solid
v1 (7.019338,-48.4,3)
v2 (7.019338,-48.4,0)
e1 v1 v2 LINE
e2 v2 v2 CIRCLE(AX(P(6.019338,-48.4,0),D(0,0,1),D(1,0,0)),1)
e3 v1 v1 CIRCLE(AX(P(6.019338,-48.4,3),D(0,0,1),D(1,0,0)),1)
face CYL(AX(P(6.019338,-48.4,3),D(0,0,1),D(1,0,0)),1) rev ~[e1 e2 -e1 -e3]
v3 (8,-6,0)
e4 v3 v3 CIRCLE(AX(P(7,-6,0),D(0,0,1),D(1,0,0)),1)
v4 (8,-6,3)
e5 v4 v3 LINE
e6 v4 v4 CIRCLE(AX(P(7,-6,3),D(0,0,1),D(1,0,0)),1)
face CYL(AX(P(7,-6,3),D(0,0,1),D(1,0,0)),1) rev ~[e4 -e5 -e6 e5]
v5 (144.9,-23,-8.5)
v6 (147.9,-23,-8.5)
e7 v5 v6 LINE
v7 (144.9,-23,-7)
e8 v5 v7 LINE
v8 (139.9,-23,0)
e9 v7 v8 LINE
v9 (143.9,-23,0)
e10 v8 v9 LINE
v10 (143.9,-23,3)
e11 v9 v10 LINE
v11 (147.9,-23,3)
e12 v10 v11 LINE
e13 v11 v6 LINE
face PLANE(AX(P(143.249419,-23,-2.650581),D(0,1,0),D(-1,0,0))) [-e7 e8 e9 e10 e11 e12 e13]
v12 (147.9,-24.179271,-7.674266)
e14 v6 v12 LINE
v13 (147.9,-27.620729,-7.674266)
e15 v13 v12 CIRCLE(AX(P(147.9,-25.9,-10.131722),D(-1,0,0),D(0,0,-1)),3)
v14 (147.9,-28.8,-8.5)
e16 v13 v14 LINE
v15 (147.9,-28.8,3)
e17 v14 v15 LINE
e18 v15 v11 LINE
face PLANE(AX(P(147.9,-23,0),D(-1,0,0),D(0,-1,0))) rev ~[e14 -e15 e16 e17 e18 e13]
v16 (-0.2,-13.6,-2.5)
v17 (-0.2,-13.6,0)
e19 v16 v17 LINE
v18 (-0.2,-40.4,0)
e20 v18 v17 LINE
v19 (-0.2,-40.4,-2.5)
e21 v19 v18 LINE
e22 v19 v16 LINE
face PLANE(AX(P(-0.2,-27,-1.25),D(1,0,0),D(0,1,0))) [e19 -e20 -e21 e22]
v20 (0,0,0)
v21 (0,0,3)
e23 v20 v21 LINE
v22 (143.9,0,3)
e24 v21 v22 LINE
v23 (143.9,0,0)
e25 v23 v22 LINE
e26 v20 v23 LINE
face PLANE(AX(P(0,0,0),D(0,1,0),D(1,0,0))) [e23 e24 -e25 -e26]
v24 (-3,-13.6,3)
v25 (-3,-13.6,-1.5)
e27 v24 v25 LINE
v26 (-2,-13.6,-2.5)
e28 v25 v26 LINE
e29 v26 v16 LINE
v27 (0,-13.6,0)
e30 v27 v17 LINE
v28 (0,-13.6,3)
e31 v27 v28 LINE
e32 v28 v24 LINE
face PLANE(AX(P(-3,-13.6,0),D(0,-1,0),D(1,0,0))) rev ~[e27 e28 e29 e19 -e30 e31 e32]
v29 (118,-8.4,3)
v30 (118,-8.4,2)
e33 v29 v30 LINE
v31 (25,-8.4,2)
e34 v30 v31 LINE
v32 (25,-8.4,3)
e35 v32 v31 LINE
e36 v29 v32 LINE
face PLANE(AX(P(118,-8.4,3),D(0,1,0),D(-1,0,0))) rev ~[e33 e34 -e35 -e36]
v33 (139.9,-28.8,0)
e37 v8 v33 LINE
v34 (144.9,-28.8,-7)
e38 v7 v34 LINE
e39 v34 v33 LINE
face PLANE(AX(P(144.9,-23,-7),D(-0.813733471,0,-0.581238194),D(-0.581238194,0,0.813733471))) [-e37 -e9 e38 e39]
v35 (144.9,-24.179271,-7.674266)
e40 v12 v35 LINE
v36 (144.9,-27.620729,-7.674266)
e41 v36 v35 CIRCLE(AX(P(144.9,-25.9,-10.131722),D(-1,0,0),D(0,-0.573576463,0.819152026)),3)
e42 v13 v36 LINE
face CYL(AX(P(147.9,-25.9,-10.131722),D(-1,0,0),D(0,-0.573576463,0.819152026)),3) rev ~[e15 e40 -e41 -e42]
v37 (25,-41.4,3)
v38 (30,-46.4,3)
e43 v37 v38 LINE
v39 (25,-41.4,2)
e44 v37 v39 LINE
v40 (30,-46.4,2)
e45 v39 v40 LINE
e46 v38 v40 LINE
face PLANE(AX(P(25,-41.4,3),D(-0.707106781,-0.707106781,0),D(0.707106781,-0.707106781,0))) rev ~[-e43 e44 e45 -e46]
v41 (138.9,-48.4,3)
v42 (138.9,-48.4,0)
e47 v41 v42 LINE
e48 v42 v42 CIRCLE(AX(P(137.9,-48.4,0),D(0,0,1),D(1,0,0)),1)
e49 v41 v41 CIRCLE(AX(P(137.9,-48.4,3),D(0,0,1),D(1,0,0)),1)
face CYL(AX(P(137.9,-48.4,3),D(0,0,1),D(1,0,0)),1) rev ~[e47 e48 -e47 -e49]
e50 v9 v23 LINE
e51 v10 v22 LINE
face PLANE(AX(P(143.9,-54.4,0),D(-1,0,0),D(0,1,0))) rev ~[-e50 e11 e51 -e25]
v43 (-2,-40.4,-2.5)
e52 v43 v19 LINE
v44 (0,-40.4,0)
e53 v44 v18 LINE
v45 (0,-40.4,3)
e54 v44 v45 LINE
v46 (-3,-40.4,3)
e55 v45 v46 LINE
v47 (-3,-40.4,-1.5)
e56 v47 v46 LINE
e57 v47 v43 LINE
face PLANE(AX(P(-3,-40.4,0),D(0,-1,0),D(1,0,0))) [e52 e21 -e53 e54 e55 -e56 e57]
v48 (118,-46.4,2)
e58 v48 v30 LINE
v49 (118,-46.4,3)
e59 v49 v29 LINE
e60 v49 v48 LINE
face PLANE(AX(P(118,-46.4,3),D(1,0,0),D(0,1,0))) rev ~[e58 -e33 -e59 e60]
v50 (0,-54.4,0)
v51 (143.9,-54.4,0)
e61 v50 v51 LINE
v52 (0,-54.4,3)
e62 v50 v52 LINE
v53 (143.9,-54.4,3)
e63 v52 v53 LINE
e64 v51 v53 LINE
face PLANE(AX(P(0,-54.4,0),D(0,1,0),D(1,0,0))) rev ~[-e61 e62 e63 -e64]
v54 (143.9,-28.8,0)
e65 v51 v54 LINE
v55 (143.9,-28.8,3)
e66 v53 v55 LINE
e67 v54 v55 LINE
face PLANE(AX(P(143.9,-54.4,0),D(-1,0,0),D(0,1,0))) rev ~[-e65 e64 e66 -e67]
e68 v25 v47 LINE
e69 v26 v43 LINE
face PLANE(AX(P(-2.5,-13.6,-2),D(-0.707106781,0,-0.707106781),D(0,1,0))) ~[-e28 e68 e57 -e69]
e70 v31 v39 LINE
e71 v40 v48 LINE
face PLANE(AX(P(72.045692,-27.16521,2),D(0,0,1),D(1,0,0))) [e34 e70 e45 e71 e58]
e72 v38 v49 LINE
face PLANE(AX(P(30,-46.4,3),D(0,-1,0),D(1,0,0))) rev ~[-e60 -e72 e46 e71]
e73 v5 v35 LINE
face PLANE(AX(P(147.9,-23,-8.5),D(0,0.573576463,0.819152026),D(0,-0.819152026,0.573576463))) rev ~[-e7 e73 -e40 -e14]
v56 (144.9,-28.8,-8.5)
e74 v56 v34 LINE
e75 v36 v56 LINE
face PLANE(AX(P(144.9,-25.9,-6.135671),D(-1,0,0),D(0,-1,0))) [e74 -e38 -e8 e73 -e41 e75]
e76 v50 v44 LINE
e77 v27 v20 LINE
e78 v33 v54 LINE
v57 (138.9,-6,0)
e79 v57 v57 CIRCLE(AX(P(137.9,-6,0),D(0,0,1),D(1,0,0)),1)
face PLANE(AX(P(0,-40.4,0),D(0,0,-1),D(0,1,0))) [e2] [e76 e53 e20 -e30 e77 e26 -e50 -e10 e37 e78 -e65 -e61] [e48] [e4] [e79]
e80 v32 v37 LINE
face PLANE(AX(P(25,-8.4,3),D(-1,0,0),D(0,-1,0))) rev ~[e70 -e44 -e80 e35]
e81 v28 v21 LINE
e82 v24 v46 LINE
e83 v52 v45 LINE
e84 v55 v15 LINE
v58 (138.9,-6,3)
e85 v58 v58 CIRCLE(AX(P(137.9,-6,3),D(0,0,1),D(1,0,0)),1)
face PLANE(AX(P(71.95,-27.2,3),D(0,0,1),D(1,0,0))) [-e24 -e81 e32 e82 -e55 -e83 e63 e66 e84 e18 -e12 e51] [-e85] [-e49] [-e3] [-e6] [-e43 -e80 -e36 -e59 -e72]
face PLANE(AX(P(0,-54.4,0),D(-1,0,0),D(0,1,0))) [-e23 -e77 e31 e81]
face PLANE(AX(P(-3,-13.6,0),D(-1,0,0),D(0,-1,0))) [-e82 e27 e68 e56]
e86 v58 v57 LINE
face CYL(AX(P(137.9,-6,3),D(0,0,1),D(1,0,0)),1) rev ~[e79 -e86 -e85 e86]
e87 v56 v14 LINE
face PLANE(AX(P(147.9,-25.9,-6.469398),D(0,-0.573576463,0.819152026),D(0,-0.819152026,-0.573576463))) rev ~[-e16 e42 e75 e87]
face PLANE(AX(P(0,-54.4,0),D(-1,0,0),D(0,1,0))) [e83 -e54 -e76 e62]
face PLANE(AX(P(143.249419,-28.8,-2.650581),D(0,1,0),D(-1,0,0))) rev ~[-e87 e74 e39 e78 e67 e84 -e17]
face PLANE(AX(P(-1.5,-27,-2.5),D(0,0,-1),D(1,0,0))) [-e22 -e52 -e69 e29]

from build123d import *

# Parameters (mm, degrees)
F0_W      = 143.9
F0_H      = 54.4
F1_DEPTH  = 3
F2_W      = 5.8
F2_H      = 3
F3_DEPTH  = 4
F4_W      = 4
F4_H      = 5.8
F5_DEPTH  = 8.5
F7_DEPTH  = 5
F8_R      = 3
F9_W      = 26.8
F9_H      = 3
F10_DEPTH = 3
F11_W     = 3
F11_H     = 26.8
F12_DEPTH = 2.5
F13_W     = 26.8
F13_H     = 2.5
F14_DEPTH = 0.2
F16_DEPTH = 1
F17_W     = 5.8
F17_H     = 12.271342
F18_DEPTH = 1
F20_DEPTH = 5.8
F21_SIZE  = 1
F22_R     = 1
F23_DEPTH = 3


with BuildPart() as f1:
    # F0 (on Top) → F1 (new body)
    with BuildSketch(Plane.XY):
        with Locations((71.95, -27.2)):
            Rectangle(F0_W, F0_H)
    extrude(amount=F1_DEPTH)

    # F2 (on face) → F3 (join)
    with BuildSketch(Plane.YZ.offset(143.9)):
        with Locations((-25.9, 1.5)):
            Rectangle(F2_W, F2_H)
    extrude(amount=F3_DEPTH)

    # F4 (on face) → F5 (join)
    with BuildSketch(Plane(origin=(0, 0, 0), x_dir=(1, 0, 0), z_dir=(0, 0, -1))):
        with Locations((145.9, 25.9)):
            Rectangle(F4_W, F4_H)
    extrude(amount=F5_DEPTH)

    # F6 (on face) → F7 (cut)
    with BuildSketch(Plane.YZ.offset(147.9)):
        Polygon((-25.9, -6.469398), (-28.8, -8.5), (-23, -8.5), align=None)
    extrude(amount=-F7_DEPTH, mode=Mode.SUBTRACT)

    # F8
    f8_edges = [f1.edges().sort_by_distance(p)[0] for p in [
        (145.9, -25.9, -6.469398),
    ]]
    fillet(f8_edges, radius=F8_R)

    # F9 (on face) → F10 (join)
    with BuildSketch(Plane(origin=(0, 0, 0), x_dir=(0, -1, 0), z_dir=(-1, 0, 0))):
        with Locations((27, 1.5)):
            Rectangle(F9_W, F9_H)
    extrude(amount=F10_DEPTH)

    # F11 (on face) → F12 (join)
    with BuildSketch(Plane(origin=(0, 0, 0), x_dir=(1, 0, 0), z_dir=(0, 0, -1))):
        with Locations((-1.5, 27)):
            Rectangle(F11_W, F11_H)
    extrude(amount=F12_DEPTH)

    # F13 (on face) → F14 (cut)
    with BuildSketch(Plane.YZ):
        with Locations((-27, -1.25)):
            Rectangle(F13_W, F13_H)
    extrude(amount=-F14_DEPTH, mode=Mode.SUBTRACT)

    # F15 (on face) → F16 (cut)
    with BuildSketch(Plane.XY.offset(3)):
        Polygon((118, -8.4), (25, -8.4), (25, -41.4), (30, -46.4), (118, -46.4), align=None)
    extrude(amount=-F16_DEPTH, mode=Mode.SUBTRACT)

    # F17 (on face) → F18 (cut)
    with BuildSketch(Plane(origin=(143.9, 0, 0), x_dir=(0, -1, 0), z_dir=(-1, 0, 0))):
        with Locations((25.9, -6.135671)):
            Rectangle(F17_W, F17_H)
    extrude(amount=-F18_DEPTH, mode=Mode.SUBTRACT)

    # F19 (on face) → F20 (join)
    with BuildSketch(Plane(origin=(0, -23, 0), x_dir=(-1, 0, 0), z_dir=(0, 1, 0))):
        Polygon((-139.9, 0), (-144.9, 0), (-144.9, -7), align=None)
    extrude(amount=-F20_DEPTH)

    # F21
    f21_edges = [f1.edges().sort_by_distance(p)[0] for p in [
        (-3, -27, -2.5),
    ]]
    chamfer(f21_edges, length=F21_SIZE)

    # F22 (on face) → F23 (cut)
    with BuildSketch(Plane.XY.offset(3)):
        with Locations((137.9, -48.4)):
            Circle(F22_R)
        with Locations((137.9, -6)):
            Circle(F22_R)
        with Locations((6.019338, -48.4)):
            Circle(F22_R)
        with Locations((7, -6)):
            Circle(F22_R)
    extrude(amount=-F23_DEPTH, mode=Mode.SUBTRACT)


solid = f1.part
